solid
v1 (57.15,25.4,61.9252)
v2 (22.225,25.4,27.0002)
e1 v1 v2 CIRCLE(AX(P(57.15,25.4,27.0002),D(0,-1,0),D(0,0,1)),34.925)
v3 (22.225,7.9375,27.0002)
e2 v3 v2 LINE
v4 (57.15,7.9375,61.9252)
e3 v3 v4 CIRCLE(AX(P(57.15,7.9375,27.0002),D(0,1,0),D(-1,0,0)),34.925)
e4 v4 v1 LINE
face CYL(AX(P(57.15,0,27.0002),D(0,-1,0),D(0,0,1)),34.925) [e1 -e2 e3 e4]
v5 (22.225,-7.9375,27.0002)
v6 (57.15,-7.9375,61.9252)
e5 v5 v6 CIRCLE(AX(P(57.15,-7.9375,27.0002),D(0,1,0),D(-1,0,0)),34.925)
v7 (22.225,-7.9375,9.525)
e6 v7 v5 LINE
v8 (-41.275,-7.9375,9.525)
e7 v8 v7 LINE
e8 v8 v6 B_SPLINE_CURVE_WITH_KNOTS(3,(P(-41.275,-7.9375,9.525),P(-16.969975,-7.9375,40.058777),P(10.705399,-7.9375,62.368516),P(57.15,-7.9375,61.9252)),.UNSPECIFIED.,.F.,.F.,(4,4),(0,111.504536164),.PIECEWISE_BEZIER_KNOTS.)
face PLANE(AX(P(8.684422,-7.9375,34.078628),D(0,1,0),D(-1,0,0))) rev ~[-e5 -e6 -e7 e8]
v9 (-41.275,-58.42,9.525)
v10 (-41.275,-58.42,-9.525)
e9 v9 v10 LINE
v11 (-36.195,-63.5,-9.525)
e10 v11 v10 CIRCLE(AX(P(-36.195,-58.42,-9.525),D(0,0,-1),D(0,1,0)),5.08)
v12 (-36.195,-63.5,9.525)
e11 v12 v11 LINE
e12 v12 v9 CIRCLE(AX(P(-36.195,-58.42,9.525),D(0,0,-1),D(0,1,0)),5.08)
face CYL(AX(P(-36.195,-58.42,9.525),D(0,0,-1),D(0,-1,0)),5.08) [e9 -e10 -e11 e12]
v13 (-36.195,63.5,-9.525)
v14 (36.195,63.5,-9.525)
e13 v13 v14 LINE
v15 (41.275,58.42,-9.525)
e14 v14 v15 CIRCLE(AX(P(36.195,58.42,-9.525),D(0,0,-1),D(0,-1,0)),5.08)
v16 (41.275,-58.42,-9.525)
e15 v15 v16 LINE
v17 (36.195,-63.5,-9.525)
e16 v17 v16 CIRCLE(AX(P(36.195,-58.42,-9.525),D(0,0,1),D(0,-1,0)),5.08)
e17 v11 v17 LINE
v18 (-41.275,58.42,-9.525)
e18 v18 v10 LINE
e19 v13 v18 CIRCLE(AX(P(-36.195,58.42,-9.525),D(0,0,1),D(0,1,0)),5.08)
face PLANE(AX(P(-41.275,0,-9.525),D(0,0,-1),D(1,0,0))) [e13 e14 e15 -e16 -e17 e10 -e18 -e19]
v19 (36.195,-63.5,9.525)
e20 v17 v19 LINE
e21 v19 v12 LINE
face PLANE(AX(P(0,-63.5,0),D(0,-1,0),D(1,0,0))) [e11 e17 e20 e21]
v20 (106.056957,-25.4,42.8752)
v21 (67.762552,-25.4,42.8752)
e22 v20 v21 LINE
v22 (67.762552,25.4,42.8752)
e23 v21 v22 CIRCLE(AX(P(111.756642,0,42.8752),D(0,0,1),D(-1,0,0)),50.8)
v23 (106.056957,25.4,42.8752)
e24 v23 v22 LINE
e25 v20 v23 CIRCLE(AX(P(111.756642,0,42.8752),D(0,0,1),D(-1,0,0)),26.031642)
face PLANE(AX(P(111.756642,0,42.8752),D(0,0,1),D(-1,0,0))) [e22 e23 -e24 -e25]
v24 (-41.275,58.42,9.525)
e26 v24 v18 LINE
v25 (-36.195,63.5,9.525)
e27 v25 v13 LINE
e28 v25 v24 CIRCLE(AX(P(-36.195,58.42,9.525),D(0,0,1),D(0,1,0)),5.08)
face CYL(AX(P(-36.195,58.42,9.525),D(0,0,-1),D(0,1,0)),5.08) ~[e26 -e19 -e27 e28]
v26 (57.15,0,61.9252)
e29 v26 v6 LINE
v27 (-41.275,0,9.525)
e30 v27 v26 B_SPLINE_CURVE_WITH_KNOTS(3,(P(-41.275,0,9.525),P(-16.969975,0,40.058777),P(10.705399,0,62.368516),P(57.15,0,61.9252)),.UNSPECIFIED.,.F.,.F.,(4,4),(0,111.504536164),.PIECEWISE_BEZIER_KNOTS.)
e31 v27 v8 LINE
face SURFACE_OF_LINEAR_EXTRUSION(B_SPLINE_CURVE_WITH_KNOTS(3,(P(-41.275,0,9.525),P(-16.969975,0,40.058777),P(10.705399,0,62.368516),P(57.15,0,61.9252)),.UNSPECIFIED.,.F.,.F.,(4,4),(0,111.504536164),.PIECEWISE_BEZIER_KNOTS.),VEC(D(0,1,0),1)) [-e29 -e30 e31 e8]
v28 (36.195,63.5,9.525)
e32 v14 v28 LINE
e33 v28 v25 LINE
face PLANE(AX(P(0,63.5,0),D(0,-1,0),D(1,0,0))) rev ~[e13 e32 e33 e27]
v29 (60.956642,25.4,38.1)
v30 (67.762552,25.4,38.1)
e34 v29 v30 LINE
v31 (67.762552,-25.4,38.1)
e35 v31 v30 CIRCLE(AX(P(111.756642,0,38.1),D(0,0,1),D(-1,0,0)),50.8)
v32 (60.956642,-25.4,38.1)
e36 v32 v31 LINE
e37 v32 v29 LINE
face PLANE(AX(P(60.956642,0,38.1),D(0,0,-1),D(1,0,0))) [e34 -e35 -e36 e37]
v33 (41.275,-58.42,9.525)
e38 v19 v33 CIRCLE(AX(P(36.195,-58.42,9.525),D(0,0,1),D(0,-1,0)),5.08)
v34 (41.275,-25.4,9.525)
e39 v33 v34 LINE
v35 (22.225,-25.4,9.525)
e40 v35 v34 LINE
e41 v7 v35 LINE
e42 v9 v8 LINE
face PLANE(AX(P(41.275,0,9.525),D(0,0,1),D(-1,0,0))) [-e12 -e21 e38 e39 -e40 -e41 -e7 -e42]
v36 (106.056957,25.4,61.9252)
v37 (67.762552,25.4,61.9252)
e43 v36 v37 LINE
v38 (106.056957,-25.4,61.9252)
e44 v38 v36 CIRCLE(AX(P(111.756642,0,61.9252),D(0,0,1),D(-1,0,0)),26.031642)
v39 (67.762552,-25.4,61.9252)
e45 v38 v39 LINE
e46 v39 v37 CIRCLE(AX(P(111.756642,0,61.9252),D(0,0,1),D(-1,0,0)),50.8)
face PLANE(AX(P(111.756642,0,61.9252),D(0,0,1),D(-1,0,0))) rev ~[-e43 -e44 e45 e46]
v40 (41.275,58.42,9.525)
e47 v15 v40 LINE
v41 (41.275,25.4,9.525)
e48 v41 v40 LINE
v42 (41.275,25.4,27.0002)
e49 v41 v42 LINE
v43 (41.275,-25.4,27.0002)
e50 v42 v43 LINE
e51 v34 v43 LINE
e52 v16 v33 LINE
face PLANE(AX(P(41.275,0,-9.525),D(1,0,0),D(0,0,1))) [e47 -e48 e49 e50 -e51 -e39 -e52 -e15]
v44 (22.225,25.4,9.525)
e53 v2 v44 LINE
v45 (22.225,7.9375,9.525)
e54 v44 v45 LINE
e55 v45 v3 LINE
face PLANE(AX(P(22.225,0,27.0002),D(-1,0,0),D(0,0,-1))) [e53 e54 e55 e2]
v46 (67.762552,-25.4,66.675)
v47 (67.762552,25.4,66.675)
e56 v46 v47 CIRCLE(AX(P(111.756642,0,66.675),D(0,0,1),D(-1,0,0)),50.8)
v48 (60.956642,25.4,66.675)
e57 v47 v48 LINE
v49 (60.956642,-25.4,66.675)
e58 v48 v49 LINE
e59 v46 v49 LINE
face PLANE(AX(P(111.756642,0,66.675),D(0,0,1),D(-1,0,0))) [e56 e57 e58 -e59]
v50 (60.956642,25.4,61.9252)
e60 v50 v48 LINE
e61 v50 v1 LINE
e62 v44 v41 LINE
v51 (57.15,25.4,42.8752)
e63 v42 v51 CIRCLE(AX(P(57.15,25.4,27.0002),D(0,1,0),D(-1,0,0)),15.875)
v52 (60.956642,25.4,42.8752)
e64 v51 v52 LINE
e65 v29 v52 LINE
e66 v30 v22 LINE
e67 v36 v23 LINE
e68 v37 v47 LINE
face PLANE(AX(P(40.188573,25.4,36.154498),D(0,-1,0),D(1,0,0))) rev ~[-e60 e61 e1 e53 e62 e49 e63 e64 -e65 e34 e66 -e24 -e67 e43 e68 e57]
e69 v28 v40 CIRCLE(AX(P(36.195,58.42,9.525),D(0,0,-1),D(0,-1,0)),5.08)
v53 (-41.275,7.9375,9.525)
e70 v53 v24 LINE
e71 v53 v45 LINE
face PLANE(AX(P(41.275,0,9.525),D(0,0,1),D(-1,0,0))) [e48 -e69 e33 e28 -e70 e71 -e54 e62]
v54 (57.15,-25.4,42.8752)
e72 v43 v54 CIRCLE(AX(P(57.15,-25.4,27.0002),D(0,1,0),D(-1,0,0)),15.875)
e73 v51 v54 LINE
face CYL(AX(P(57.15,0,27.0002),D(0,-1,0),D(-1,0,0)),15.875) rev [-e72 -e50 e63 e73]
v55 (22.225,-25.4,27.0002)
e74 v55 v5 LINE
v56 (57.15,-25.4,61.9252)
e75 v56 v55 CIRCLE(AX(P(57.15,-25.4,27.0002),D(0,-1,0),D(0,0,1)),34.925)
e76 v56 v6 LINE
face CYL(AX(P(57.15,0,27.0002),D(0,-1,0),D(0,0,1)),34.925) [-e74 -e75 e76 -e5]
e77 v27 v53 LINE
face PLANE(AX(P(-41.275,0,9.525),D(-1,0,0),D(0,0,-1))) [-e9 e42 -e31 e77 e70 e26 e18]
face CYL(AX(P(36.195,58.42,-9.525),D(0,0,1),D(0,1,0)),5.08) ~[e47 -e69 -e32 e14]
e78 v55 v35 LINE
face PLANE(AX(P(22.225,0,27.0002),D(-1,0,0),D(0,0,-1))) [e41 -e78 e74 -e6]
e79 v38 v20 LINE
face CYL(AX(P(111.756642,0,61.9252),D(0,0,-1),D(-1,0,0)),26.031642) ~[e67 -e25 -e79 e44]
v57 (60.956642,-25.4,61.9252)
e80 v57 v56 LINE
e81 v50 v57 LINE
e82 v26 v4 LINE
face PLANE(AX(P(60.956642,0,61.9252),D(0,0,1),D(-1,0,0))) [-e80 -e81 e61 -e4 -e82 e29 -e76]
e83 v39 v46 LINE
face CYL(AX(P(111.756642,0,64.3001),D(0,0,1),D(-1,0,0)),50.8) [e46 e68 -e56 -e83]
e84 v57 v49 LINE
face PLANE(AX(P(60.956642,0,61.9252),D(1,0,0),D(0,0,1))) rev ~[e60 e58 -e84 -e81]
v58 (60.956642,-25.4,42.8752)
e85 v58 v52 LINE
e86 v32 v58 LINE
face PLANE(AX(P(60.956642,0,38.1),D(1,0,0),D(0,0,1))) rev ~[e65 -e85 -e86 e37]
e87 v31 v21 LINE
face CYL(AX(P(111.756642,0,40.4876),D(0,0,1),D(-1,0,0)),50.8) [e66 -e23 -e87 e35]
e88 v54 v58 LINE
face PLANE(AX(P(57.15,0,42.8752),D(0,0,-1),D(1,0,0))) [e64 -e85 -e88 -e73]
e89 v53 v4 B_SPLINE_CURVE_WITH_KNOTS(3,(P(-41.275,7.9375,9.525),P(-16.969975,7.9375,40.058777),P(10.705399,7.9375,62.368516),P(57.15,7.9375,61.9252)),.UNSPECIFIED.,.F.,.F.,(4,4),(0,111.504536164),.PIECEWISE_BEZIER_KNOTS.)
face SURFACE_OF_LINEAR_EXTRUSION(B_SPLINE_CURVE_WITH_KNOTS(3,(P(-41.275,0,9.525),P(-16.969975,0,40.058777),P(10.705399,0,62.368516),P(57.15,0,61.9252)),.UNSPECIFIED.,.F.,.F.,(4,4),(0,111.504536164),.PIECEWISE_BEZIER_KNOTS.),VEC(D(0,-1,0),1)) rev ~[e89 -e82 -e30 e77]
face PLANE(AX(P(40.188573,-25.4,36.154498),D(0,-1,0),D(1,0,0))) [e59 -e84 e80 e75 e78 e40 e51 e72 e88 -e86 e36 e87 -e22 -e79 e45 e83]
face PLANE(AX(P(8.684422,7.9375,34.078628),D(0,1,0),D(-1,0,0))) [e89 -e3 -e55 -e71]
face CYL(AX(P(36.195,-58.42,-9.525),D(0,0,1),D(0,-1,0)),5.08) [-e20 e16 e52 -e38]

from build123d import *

# Parameters (mm, degrees)
F1_DEPTH = 63.5
F0_W     = 24.7683575517
F0_H     = 19.05
F0_H_2   = 4.7498
F0_H_3   = 4.7752
F2_DEPTH = 25.4
F3_DEPTH = 7.9375
F5_R     = 5.08


with BuildPart() as f1:
    # F0 (on Front) → F1 (new body, symmetric)
    with BuildSketch(Plane.XZ):
        Polygon((22.225, 9.525), (-41.275, 9.525), (-41.275, -9.525), (41.275, -9.525), (41.275, 9.525), align=None)
    extrude(amount=F1_DEPTH, both=True)

    # F0 (on Front) → F2 (join, symmetric)
    with BuildSketch(Plane.XZ):
        with BuildLine():
            Line((22.225, 27.0002), (22.225, 9.525))
            Line((22.225, 9.525), (41.275, 9.525))
            Line((41.275, 9.525), (41.275, 27.0002))
            ThreePointArc((41.275, 27.0002), (45.9246798487, 38.2255201513), (57.15, 42.8752))
            Line((57.15, 42.8752), (60.9566424483, 42.8752))
            Line((60.9566424483, 42.8752), (60.9566424483, 61.9252))
            Line((60.9566424483, 61.9252), (57.15, 61.9252))
            ThreePointArc((57.15, 61.9252), (32.4542956671, 51.6959043329), (22.225, 27.0002))
        make_face()
        with Locations((73.3408212242, 52.4002)):
            Rectangle(F0_W, F0_H)
        with Locations((73.3408212242, 64.3001)):
            Rectangle(F0_W, F0_H_2)
        with Locations((73.3408212242, 40.4876)):
            Rectangle(F0_W, F0_H_3)
        Polygon((85.725, 66.675), (85.725, 61.9252), (85.725, 42.8752), (85.725, 38.1), (111.7566424483, 38.1), (111.7566424483, 66.675), align=None)
    extrude(amount=F2_DEPTH, both=True)

    # F0 (on Front) → F3 (join, symmetric)
    with BuildSketch(Plane.XZ):
        with BuildLine():
            add(Edge.make_bspline(
                [(-41.275, 9.525), (-16.9699750841, 40.0587767363), (10.705399327, 62.3685158789), (57.15, 61.9252)],
                knots=[0, 0, 0, 0, 111.5045361635, 111.5045361635, 111.5045361635, 111.5045361635], degree=3))
            Line((-41.275, 9.525), (22.225, 9.525))
            Line((22.225, 9.525), (22.225, 27.0002))
            ThreePointArc((22.225, 27.0002), (32.4542956671, 51.6959043329), (57.15, 61.9252))
        make_face()
    extrude(amount=F3_DEPTH, both=True)

    # F0 (on Front) → F4 (revolve)
    with BuildSketch(Plane.XZ):
        with Locations((73.3408212242, 64.3001)):
            Rectangle(F0_W, F0_H_2)
        Polygon((85.725, 66.675), (85.725, 61.9252), (85.725, 42.8752), (85.725, 38.1), (111.7566424483, 38.1), (111.7566424483, 66.675), align=None)
        with Locations((73.3408212242, 40.4876)):
            Rectangle(F0_W, F0_H_3)
    revolve(axis=Axis((111.7566424483, 0, 52.3875), (0, 0, 1)))

    # F5
    f5_edges = [f1.edges().sort_by_distance(p)[0] for p in [
        (41.275, -63.5, 0),
        (-41.275, -63.5, 0),
        (-41.275, 63.5, 0),
        (41.275, 63.5, 0),
    ]]
    fillet(f5_edges, radius=F5_R)


solid = f1.part
